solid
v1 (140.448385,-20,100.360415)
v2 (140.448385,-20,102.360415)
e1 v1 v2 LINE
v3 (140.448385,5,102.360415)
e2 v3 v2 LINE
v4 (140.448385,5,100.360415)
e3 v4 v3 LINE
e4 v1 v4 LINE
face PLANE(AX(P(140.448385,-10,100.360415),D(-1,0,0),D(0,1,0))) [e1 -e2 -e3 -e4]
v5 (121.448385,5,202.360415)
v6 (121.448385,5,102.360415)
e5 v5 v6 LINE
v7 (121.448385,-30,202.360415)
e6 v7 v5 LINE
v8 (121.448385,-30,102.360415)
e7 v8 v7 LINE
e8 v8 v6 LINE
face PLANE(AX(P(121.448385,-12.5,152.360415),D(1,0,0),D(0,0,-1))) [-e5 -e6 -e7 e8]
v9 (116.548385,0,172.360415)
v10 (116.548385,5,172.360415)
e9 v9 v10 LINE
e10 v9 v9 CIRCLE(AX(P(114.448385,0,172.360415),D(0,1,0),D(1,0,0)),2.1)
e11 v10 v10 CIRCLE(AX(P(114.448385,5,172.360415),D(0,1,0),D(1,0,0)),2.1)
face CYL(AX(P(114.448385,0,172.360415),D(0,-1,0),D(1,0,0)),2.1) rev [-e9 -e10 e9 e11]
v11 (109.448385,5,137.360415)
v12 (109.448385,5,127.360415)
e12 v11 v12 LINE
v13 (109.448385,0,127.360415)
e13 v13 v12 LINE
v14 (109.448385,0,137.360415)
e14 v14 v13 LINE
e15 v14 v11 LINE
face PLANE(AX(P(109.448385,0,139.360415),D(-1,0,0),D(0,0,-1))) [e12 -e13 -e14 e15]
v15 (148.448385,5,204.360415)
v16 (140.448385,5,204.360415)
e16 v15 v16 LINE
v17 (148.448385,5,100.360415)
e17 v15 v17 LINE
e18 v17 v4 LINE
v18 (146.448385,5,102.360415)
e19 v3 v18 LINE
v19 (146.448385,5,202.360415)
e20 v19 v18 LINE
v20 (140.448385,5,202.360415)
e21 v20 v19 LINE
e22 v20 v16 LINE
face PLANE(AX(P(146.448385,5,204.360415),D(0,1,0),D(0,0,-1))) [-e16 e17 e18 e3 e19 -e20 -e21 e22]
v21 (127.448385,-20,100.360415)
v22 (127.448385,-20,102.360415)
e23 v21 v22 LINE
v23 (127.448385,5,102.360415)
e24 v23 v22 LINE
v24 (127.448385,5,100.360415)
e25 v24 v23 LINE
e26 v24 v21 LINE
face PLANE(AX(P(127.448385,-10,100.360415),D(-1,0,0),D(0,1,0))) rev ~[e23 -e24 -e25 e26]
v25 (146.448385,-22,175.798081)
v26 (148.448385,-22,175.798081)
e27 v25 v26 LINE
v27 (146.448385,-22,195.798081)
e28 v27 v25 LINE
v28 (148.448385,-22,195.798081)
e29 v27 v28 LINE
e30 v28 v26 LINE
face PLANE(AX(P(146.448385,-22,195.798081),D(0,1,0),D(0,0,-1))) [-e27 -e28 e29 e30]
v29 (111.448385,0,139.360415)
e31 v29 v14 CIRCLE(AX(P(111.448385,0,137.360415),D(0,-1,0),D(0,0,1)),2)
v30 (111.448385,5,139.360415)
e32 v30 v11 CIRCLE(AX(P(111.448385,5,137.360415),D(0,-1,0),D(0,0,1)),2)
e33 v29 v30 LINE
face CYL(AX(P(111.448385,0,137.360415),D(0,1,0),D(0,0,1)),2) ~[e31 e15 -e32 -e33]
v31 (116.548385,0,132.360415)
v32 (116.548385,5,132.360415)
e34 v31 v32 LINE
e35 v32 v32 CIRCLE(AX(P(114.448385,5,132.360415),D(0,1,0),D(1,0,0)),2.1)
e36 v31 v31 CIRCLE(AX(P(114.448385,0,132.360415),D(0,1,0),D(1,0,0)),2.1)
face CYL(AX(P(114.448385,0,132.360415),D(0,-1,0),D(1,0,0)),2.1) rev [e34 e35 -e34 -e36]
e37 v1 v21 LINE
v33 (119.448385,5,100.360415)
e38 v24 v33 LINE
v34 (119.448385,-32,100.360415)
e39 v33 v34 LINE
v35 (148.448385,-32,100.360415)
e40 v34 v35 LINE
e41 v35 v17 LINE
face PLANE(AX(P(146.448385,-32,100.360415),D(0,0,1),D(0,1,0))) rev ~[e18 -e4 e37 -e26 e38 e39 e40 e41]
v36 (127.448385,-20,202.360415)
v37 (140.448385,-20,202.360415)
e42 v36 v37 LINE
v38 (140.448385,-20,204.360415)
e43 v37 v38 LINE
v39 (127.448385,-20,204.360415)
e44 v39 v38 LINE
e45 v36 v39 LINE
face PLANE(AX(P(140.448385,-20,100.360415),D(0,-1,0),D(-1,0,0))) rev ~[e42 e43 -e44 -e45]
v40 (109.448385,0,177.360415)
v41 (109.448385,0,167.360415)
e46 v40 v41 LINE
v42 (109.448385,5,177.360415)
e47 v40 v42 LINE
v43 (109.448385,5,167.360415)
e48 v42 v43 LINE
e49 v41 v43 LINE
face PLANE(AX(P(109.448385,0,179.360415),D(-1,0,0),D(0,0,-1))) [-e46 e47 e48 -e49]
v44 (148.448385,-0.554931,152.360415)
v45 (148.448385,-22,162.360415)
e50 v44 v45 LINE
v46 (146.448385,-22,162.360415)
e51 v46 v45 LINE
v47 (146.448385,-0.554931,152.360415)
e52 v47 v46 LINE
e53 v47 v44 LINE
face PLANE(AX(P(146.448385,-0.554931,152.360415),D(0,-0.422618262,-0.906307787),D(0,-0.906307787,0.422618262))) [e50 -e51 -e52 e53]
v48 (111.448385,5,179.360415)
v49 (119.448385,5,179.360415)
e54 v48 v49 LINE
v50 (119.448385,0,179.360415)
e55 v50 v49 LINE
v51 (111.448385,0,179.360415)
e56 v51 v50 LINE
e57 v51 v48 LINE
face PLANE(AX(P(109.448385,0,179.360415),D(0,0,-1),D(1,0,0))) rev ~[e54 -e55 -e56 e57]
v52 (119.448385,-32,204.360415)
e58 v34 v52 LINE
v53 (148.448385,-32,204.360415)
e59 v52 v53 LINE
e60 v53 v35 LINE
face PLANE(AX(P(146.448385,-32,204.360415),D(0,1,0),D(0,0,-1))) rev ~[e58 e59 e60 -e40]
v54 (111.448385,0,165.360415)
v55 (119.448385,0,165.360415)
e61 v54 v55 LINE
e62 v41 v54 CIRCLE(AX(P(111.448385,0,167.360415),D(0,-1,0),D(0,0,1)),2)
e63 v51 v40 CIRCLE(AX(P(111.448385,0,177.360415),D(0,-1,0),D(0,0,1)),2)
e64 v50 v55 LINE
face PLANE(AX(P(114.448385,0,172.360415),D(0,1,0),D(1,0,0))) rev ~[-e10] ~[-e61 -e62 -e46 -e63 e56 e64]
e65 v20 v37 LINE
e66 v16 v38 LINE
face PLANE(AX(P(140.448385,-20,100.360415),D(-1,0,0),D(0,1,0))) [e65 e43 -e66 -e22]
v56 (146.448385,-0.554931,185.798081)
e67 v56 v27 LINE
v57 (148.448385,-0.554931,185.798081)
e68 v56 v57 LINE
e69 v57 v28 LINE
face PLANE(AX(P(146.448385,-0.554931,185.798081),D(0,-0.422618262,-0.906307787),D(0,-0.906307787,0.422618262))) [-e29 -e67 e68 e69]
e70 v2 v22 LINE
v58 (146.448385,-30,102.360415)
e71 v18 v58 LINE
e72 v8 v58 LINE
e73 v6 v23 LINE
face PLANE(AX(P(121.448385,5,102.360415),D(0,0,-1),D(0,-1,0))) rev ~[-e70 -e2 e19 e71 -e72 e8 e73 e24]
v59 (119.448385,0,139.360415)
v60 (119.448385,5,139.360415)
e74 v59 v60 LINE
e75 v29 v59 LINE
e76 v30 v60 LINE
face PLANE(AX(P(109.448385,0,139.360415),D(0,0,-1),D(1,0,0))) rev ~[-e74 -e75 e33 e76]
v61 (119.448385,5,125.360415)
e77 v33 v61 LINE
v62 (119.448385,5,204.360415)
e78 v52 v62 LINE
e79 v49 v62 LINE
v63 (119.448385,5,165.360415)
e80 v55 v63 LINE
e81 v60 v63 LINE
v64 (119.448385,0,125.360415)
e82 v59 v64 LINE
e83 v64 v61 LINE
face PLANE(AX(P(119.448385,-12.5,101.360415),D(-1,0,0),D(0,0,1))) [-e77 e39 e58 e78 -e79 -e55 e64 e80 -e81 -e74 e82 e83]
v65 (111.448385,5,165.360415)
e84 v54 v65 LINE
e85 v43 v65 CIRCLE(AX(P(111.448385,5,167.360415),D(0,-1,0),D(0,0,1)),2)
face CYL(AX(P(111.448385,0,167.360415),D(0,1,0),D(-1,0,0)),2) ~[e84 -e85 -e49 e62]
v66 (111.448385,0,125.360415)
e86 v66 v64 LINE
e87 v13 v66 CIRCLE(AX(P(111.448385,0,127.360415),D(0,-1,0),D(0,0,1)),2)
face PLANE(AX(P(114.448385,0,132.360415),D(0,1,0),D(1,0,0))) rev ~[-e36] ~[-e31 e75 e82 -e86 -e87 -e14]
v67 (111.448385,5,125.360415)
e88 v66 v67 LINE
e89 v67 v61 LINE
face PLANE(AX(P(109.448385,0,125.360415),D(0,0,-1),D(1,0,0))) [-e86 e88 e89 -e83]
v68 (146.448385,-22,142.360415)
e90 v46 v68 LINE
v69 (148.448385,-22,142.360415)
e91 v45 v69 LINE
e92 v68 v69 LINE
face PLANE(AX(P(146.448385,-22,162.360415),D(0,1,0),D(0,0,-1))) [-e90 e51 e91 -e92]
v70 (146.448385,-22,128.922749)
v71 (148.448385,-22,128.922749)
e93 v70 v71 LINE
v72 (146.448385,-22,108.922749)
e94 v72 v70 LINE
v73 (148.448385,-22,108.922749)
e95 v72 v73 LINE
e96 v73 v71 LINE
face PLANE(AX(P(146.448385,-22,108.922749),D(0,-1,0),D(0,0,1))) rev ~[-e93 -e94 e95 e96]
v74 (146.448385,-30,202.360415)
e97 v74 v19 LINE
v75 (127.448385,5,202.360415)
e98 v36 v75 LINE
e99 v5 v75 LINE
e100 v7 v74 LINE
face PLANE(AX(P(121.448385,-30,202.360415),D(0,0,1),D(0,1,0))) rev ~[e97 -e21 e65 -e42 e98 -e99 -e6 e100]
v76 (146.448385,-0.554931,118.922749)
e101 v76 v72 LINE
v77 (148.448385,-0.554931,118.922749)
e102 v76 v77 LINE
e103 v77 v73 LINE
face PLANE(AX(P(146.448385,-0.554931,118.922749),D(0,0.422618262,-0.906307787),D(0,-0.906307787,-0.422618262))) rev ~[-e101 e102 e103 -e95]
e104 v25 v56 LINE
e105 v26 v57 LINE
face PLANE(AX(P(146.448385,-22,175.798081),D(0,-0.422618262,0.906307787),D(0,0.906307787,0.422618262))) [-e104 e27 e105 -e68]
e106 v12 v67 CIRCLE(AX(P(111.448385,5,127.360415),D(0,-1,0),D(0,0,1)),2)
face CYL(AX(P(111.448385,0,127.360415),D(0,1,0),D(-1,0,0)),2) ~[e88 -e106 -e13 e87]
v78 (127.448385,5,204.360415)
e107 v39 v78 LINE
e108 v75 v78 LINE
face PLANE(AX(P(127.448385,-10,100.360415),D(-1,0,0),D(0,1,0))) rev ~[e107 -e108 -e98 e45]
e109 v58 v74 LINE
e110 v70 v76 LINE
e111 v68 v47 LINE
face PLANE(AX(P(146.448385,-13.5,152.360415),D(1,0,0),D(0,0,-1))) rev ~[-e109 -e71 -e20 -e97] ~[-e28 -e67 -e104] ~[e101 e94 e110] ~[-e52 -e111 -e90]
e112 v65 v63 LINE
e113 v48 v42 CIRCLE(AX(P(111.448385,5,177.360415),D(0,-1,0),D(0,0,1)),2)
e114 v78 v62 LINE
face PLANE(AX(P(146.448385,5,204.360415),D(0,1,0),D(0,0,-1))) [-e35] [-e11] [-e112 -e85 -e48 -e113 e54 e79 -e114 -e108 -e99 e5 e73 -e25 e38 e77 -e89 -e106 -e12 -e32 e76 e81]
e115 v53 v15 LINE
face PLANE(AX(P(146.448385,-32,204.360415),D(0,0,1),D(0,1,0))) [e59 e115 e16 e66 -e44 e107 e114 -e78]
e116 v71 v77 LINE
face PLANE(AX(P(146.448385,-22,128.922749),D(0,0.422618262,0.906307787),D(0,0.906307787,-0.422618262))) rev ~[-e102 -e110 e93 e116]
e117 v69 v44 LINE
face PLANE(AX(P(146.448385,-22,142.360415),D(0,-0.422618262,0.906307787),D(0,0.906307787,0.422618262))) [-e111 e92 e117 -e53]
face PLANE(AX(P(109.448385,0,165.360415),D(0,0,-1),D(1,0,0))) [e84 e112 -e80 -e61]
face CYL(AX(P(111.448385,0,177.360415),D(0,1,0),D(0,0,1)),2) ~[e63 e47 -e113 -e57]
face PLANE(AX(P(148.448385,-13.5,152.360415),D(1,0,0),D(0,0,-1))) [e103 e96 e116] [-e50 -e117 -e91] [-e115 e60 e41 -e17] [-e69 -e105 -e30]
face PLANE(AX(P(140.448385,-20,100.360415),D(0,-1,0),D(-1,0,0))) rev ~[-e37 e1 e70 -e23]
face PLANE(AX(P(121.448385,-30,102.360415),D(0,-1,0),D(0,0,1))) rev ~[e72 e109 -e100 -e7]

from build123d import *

# Parameters (mm, degrees)
SKETCH2_W             = 10
SKETCH2_H             = 14
SKETCH2_R             = 2.1
BOSS_EXTRUDE1_DEPTH   = 5
BOSS_EXTRUDE1_2_DEPTH = 5
SKETCH3_W             = 44.5
SKETCH3_H             = 39
SKETCH3_W_2           = 14
SKETCH3_H_2           = 5
BOSS_EXTRUDE2_DEPTH   = 2
BOSS_EXTRUDE4_DEPTH   = 32
SKETCH5_W             = 2
SKETCH5_H             = 85
BOSS_EXTRUDE5_DEPTH   = 37
SKETCH6_W             = 14
SKETCH6_H             = 30
CUT_EXTRUDE1_DEPTH    = 200
SKETCH7_W             = 20
SKETCH7_H             = 20
CUT_EXTRUDE2_DEPTH    = 16
FILLET1_R             = 2
SKETCH8_W             = 119.619460544
SKETCH8_H             = 55.607641494
CUT_EXTRUDE3_DEPTH    = 32
SKETCH9_W             = 100
SKETCH9_H             = 35
BOSS_EXTRUDE6_DEPTH   = 2
SKETCH10_W            = 89
SKETCH10_H            = 4
CUT_EXTRUDE4_DEPTH    = 10
BOSS_EXTRUDE7_DEPTH   = 25
SKETCH12_W            = 2
SKETCH12_H            = 35
BOSS_EXTRUDE8_DEPTH   = 2
SKETCH13_W            = 104
SKETCH13_H            = 37
BOSS_EXTRUDE9_DEPTH   = 2
SKETCH14_W            = 13
SKETCH14_H            = 30
CUT_EXTRUDE5_DEPTH    = 104
SKETCH15_W            = 13
SKETCH15_H            = 25
CUT_EXTRUDE7_DEPTH    = 120


with BuildPart() as part:
    # Sketch2 → Boss-Extrude1 (new body)
    with BuildSketch(Plane(origin=(0, 0, 0), x_dir=(1, 0, 0), z_dir=(0, 1, 0))):
        with Locations((114.448385229, -132.360414745)):
            Rectangle(SKETCH2_W, SKETCH2_H)
        with Locations((114.448385229, -132.360414745)):
            Circle(SKETCH2_R, mode=Mode.SUBTRACT)
    extrude(amount=BOSS_EXTRUDE1_DEPTH)



with BuildPart() as body_2:
    # Sketch2 → Boss-Extrude1 2 (new body)
    with BuildSketch(Plane(origin=(0, 0, 0), x_dir=(1, 0, 0), z_dir=(0, 1, 0))):
        with Locations((114.448385229, -172.360414745)):
            Rectangle(SKETCH2_W, SKETCH2_H)
        with Locations((114.448385229, -172.360414745)):
            Circle(SKETCH2_R, mode=Mode.SUBTRACT)
    extrude(amount=BOSS_EXTRUDE1_2_DEPTH)


with BuildPart() as part_1:
    add(part.part)

    add(body_2.part)  # Boss-Extrude2 merges body 2
    # Sketch3 → Boss-Extrude2 (add)
    with BuildSketch(Plane(origin=(119.448385229, 0, 0), x_dir=(0, 0, -1), z_dir=(1, 0, 0))):
        Polygon((-152.360414745, -34), (-152.360414745, 5), (-165.360414745, 5), (-165.360414745, 0), (-179.360414745, 0), (-179.360414745, 5), (-196.860414745, 5), (-196.860414745, -34), align=None)
        with Locations((-130.110414745, -14.5)):
            Rectangle(SKETCH3_W, SKETCH3_H)
        with Locations((-172.360414745, 2.5)):
            Rectangle(SKETCH3_W_2, SKETCH3_H_2)
    extrude(amount=BOSS_EXTRUDE2_DEPTH)

    # Sketch4 → Boss-Extrude4 (add)
    with BuildSketch(Plane(origin=(121.448385229, 0, 0), x_dir=(0, 0, -1), z_dir=(1, 0, 0))):
        Polygon((-194.860414745, 5), (-196.860414745, 5), (-196.860414745, -34), (-107.860414745, -34), (-107.860414745, 5), (-109.860414745, 5), (-109.860414745, -32), (-194.860414745, -32), align=None)
    extrude(amount=BOSS_EXTRUDE4_DEPTH)

    # Sketch5 → Boss-Extrude5 (add)
    with BuildSketch(Plane(origin=(0, -32, 0), x_dir=(1, 0, 0), z_dir=(0, 1, 0))):
        with Locations((152.448385229, -152.360414745)):
            Rectangle(SKETCH5_W, SKETCH5_H)
    extrude(amount=BOSS_EXTRUDE5_DEPTH)

    # Sketch6 → Cut-Extrude1 (cut)
    with BuildSketch(Plane.XY.offset(196.860414745)):
        with Locations((136.448385229, -10)):
            Rectangle(SKETCH6_W, SKETCH6_H)
    extrude(amount=-CUT_EXTRUDE1_DEPTH, mode=Mode.SUBTRACT)

    # Sketch7 → Cut-Extrude2 (cut)
    with BuildSketch(Plane(origin=(153.448385229, 0, 0), x_dir=(0, 0, -1), z_dir=(1, 0, 0))):
        with Locations((-179.360414745, -14.5)):
            Rectangle(SKETCH7_W, SKETCH7_H)
        with Locations((-152.360414745, -14.5)):
            Rectangle(SKETCH7_W, SKETCH7_H)
        with Locations((-125.360414745, -14.5)):
            Rectangle(SKETCH7_W, SKETCH7_H)
    extrude(amount=-CUT_EXTRUDE2_DEPTH, mode=Mode.SUBTRACT)

    # Fillet1
    fillet1_edges = [part_1.edges().sort_by_distance(p)[0] for p in [
        (109.448385229, 2.5, 139.360414745),
        (109.448385229, 2.5, 125.360414745),
        (109.448385229, 2.5, 179.360414745),
        (109.448385229, 2.5, 165.360414745),
    ]]
    fillet(fillet1_edges, radius=FILLET1_R)

    # Sketch8 → Cut-Extrude3 (cut)
    with BuildSketch(Plane(origin=(153.448385229, 0, 0), x_dir=(0, 0, -1), z_dir=(1, 0, 0))):
        with Locations((-148.578534845, -15.335015755)):
            Rectangle(SKETCH8_W, SKETCH8_H)
    extrude(amount=-CUT_EXTRUDE3_DEPTH, mode=Mode.SUBTRACT)

    # Sketch9 → Boss-Extrude6 (add)
    with BuildSketch(Plane(origin=(121.448385229, 0, 0), x_dir=(0, 0, -1), z_dir=(1, 0, 0))):
        with Locations((-152.360414745, -12.5)):
            Rectangle(SKETCH9_W, SKETCH9_H)
    extrude(amount=-BOSS_EXTRUDE6_DEPTH)

    # Sketch10 → Cut-Extrude4 (cut)
    with BuildSketch(Plane(origin=(121.448385229, 0, 0), x_dir=(0, 0, -1), z_dir=(1, 0, 0))):
        with Locations((-152.360414745, -32)):
            Rectangle(SKETCH10_W, SKETCH10_H)
    extrude(amount=-CUT_EXTRUDE4_DEPTH, mode=Mode.SUBTRACT)



with BuildPart() as body_2_2:
    # Sketch11 → Boss-Extrude7 (new body)
    with BuildSketch(Plane(origin=(121.448385229, 0, 0), x_dir=(0, 0, -1), z_dir=(1, 0, 0))):
        Polygon((-202.360414745, -30), (-202.360414745, 5), (-204.360414745, 5), (-204.360414745, -32), (-100.360414745, -32), (-100.360414745, 5), (-102.360414745, 5), (-102.360414745, -30), align=None)
    extrude(amount=BOSS_EXTRUDE7_DEPTH)


with BuildPart() as part_2:
    add(part_1.part)

    add(body_2_2.part)  # Boss-Extrude8 merges body 2 2
    # Sketch12 → Boss-Extrude8 (add)
    with BuildSketch(Plane.ZY.offset(-121.448385229)):
        with Locations((101.360414745, -12.5)):
            Rectangle(SKETCH12_W, SKETCH12_H)
        Polygon((102.360414745, -30), (100.360414745, -30), (100.360414745, -32), (204.360414745, -32), (204.360414745, -30), (202.360414745, -30), align=None)
        with Locations((203.360414745, -12.5)):
            Rectangle(SKETCH12_W, SKETCH12_H)
    extrude(amount=BOSS_EXTRUDE8_DEPTH)

    # Sketch13 → Boss-Extrude9 (add)
    with BuildSketch(Plane(origin=(146.448385229, 0, 0), x_dir=(0, 0, -1), z_dir=(1, 0, 0))):
        with Locations((-152.360414745, -13.5)):
            Rectangle(SKETCH13_W, SKETCH13_H)
        Polygon((-195.798080738, -22), (-175.798080738, -22), (-185.798080738, -0.554930795), align=None, mode=Mode.SUBTRACT)
        Polygon((-128.922748753, -22), (-118.922748753, -0.554930795), (-108.922748753, -22), align=None, mode=Mode.SUBTRACT)
        Polygon((-162.360414745, -22), (-142.360414745, -22), (-152.360414745, -0.554930795), align=None, mode=Mode.SUBTRACT)
    extrude(amount=BOSS_EXTRUDE9_DEPTH)

    # Sketch14 → Cut-Extrude5 (cut)
    with BuildSketch(Plane(origin=(0, 0, 100.360414745), x_dir=(-1, 0, 0), z_dir=(0, 0, -1))):
        with Locations((-133.948385229, 5)):
            Rectangle(SKETCH14_W, SKETCH14_H)
    extrude(amount=-CUT_EXTRUDE5_DEPTH, mode=Mode.SUBTRACT)

    # Sketch15 → Cut-Extrude7 (cut)
    with BuildSketch(Plane(origin=(0, 0, 100.360414745), x_dir=(-1, 0, 0), z_dir=(0, 0, -1))):
        with Locations((-133.948385229, -7.5)):
            Rectangle(SKETCH15_W, SKETCH15_H)
    extrude(amount=-CUT_EXTRUDE7_DEPTH, mode=Mode.SUBTRACT)


solid = part_2.part
